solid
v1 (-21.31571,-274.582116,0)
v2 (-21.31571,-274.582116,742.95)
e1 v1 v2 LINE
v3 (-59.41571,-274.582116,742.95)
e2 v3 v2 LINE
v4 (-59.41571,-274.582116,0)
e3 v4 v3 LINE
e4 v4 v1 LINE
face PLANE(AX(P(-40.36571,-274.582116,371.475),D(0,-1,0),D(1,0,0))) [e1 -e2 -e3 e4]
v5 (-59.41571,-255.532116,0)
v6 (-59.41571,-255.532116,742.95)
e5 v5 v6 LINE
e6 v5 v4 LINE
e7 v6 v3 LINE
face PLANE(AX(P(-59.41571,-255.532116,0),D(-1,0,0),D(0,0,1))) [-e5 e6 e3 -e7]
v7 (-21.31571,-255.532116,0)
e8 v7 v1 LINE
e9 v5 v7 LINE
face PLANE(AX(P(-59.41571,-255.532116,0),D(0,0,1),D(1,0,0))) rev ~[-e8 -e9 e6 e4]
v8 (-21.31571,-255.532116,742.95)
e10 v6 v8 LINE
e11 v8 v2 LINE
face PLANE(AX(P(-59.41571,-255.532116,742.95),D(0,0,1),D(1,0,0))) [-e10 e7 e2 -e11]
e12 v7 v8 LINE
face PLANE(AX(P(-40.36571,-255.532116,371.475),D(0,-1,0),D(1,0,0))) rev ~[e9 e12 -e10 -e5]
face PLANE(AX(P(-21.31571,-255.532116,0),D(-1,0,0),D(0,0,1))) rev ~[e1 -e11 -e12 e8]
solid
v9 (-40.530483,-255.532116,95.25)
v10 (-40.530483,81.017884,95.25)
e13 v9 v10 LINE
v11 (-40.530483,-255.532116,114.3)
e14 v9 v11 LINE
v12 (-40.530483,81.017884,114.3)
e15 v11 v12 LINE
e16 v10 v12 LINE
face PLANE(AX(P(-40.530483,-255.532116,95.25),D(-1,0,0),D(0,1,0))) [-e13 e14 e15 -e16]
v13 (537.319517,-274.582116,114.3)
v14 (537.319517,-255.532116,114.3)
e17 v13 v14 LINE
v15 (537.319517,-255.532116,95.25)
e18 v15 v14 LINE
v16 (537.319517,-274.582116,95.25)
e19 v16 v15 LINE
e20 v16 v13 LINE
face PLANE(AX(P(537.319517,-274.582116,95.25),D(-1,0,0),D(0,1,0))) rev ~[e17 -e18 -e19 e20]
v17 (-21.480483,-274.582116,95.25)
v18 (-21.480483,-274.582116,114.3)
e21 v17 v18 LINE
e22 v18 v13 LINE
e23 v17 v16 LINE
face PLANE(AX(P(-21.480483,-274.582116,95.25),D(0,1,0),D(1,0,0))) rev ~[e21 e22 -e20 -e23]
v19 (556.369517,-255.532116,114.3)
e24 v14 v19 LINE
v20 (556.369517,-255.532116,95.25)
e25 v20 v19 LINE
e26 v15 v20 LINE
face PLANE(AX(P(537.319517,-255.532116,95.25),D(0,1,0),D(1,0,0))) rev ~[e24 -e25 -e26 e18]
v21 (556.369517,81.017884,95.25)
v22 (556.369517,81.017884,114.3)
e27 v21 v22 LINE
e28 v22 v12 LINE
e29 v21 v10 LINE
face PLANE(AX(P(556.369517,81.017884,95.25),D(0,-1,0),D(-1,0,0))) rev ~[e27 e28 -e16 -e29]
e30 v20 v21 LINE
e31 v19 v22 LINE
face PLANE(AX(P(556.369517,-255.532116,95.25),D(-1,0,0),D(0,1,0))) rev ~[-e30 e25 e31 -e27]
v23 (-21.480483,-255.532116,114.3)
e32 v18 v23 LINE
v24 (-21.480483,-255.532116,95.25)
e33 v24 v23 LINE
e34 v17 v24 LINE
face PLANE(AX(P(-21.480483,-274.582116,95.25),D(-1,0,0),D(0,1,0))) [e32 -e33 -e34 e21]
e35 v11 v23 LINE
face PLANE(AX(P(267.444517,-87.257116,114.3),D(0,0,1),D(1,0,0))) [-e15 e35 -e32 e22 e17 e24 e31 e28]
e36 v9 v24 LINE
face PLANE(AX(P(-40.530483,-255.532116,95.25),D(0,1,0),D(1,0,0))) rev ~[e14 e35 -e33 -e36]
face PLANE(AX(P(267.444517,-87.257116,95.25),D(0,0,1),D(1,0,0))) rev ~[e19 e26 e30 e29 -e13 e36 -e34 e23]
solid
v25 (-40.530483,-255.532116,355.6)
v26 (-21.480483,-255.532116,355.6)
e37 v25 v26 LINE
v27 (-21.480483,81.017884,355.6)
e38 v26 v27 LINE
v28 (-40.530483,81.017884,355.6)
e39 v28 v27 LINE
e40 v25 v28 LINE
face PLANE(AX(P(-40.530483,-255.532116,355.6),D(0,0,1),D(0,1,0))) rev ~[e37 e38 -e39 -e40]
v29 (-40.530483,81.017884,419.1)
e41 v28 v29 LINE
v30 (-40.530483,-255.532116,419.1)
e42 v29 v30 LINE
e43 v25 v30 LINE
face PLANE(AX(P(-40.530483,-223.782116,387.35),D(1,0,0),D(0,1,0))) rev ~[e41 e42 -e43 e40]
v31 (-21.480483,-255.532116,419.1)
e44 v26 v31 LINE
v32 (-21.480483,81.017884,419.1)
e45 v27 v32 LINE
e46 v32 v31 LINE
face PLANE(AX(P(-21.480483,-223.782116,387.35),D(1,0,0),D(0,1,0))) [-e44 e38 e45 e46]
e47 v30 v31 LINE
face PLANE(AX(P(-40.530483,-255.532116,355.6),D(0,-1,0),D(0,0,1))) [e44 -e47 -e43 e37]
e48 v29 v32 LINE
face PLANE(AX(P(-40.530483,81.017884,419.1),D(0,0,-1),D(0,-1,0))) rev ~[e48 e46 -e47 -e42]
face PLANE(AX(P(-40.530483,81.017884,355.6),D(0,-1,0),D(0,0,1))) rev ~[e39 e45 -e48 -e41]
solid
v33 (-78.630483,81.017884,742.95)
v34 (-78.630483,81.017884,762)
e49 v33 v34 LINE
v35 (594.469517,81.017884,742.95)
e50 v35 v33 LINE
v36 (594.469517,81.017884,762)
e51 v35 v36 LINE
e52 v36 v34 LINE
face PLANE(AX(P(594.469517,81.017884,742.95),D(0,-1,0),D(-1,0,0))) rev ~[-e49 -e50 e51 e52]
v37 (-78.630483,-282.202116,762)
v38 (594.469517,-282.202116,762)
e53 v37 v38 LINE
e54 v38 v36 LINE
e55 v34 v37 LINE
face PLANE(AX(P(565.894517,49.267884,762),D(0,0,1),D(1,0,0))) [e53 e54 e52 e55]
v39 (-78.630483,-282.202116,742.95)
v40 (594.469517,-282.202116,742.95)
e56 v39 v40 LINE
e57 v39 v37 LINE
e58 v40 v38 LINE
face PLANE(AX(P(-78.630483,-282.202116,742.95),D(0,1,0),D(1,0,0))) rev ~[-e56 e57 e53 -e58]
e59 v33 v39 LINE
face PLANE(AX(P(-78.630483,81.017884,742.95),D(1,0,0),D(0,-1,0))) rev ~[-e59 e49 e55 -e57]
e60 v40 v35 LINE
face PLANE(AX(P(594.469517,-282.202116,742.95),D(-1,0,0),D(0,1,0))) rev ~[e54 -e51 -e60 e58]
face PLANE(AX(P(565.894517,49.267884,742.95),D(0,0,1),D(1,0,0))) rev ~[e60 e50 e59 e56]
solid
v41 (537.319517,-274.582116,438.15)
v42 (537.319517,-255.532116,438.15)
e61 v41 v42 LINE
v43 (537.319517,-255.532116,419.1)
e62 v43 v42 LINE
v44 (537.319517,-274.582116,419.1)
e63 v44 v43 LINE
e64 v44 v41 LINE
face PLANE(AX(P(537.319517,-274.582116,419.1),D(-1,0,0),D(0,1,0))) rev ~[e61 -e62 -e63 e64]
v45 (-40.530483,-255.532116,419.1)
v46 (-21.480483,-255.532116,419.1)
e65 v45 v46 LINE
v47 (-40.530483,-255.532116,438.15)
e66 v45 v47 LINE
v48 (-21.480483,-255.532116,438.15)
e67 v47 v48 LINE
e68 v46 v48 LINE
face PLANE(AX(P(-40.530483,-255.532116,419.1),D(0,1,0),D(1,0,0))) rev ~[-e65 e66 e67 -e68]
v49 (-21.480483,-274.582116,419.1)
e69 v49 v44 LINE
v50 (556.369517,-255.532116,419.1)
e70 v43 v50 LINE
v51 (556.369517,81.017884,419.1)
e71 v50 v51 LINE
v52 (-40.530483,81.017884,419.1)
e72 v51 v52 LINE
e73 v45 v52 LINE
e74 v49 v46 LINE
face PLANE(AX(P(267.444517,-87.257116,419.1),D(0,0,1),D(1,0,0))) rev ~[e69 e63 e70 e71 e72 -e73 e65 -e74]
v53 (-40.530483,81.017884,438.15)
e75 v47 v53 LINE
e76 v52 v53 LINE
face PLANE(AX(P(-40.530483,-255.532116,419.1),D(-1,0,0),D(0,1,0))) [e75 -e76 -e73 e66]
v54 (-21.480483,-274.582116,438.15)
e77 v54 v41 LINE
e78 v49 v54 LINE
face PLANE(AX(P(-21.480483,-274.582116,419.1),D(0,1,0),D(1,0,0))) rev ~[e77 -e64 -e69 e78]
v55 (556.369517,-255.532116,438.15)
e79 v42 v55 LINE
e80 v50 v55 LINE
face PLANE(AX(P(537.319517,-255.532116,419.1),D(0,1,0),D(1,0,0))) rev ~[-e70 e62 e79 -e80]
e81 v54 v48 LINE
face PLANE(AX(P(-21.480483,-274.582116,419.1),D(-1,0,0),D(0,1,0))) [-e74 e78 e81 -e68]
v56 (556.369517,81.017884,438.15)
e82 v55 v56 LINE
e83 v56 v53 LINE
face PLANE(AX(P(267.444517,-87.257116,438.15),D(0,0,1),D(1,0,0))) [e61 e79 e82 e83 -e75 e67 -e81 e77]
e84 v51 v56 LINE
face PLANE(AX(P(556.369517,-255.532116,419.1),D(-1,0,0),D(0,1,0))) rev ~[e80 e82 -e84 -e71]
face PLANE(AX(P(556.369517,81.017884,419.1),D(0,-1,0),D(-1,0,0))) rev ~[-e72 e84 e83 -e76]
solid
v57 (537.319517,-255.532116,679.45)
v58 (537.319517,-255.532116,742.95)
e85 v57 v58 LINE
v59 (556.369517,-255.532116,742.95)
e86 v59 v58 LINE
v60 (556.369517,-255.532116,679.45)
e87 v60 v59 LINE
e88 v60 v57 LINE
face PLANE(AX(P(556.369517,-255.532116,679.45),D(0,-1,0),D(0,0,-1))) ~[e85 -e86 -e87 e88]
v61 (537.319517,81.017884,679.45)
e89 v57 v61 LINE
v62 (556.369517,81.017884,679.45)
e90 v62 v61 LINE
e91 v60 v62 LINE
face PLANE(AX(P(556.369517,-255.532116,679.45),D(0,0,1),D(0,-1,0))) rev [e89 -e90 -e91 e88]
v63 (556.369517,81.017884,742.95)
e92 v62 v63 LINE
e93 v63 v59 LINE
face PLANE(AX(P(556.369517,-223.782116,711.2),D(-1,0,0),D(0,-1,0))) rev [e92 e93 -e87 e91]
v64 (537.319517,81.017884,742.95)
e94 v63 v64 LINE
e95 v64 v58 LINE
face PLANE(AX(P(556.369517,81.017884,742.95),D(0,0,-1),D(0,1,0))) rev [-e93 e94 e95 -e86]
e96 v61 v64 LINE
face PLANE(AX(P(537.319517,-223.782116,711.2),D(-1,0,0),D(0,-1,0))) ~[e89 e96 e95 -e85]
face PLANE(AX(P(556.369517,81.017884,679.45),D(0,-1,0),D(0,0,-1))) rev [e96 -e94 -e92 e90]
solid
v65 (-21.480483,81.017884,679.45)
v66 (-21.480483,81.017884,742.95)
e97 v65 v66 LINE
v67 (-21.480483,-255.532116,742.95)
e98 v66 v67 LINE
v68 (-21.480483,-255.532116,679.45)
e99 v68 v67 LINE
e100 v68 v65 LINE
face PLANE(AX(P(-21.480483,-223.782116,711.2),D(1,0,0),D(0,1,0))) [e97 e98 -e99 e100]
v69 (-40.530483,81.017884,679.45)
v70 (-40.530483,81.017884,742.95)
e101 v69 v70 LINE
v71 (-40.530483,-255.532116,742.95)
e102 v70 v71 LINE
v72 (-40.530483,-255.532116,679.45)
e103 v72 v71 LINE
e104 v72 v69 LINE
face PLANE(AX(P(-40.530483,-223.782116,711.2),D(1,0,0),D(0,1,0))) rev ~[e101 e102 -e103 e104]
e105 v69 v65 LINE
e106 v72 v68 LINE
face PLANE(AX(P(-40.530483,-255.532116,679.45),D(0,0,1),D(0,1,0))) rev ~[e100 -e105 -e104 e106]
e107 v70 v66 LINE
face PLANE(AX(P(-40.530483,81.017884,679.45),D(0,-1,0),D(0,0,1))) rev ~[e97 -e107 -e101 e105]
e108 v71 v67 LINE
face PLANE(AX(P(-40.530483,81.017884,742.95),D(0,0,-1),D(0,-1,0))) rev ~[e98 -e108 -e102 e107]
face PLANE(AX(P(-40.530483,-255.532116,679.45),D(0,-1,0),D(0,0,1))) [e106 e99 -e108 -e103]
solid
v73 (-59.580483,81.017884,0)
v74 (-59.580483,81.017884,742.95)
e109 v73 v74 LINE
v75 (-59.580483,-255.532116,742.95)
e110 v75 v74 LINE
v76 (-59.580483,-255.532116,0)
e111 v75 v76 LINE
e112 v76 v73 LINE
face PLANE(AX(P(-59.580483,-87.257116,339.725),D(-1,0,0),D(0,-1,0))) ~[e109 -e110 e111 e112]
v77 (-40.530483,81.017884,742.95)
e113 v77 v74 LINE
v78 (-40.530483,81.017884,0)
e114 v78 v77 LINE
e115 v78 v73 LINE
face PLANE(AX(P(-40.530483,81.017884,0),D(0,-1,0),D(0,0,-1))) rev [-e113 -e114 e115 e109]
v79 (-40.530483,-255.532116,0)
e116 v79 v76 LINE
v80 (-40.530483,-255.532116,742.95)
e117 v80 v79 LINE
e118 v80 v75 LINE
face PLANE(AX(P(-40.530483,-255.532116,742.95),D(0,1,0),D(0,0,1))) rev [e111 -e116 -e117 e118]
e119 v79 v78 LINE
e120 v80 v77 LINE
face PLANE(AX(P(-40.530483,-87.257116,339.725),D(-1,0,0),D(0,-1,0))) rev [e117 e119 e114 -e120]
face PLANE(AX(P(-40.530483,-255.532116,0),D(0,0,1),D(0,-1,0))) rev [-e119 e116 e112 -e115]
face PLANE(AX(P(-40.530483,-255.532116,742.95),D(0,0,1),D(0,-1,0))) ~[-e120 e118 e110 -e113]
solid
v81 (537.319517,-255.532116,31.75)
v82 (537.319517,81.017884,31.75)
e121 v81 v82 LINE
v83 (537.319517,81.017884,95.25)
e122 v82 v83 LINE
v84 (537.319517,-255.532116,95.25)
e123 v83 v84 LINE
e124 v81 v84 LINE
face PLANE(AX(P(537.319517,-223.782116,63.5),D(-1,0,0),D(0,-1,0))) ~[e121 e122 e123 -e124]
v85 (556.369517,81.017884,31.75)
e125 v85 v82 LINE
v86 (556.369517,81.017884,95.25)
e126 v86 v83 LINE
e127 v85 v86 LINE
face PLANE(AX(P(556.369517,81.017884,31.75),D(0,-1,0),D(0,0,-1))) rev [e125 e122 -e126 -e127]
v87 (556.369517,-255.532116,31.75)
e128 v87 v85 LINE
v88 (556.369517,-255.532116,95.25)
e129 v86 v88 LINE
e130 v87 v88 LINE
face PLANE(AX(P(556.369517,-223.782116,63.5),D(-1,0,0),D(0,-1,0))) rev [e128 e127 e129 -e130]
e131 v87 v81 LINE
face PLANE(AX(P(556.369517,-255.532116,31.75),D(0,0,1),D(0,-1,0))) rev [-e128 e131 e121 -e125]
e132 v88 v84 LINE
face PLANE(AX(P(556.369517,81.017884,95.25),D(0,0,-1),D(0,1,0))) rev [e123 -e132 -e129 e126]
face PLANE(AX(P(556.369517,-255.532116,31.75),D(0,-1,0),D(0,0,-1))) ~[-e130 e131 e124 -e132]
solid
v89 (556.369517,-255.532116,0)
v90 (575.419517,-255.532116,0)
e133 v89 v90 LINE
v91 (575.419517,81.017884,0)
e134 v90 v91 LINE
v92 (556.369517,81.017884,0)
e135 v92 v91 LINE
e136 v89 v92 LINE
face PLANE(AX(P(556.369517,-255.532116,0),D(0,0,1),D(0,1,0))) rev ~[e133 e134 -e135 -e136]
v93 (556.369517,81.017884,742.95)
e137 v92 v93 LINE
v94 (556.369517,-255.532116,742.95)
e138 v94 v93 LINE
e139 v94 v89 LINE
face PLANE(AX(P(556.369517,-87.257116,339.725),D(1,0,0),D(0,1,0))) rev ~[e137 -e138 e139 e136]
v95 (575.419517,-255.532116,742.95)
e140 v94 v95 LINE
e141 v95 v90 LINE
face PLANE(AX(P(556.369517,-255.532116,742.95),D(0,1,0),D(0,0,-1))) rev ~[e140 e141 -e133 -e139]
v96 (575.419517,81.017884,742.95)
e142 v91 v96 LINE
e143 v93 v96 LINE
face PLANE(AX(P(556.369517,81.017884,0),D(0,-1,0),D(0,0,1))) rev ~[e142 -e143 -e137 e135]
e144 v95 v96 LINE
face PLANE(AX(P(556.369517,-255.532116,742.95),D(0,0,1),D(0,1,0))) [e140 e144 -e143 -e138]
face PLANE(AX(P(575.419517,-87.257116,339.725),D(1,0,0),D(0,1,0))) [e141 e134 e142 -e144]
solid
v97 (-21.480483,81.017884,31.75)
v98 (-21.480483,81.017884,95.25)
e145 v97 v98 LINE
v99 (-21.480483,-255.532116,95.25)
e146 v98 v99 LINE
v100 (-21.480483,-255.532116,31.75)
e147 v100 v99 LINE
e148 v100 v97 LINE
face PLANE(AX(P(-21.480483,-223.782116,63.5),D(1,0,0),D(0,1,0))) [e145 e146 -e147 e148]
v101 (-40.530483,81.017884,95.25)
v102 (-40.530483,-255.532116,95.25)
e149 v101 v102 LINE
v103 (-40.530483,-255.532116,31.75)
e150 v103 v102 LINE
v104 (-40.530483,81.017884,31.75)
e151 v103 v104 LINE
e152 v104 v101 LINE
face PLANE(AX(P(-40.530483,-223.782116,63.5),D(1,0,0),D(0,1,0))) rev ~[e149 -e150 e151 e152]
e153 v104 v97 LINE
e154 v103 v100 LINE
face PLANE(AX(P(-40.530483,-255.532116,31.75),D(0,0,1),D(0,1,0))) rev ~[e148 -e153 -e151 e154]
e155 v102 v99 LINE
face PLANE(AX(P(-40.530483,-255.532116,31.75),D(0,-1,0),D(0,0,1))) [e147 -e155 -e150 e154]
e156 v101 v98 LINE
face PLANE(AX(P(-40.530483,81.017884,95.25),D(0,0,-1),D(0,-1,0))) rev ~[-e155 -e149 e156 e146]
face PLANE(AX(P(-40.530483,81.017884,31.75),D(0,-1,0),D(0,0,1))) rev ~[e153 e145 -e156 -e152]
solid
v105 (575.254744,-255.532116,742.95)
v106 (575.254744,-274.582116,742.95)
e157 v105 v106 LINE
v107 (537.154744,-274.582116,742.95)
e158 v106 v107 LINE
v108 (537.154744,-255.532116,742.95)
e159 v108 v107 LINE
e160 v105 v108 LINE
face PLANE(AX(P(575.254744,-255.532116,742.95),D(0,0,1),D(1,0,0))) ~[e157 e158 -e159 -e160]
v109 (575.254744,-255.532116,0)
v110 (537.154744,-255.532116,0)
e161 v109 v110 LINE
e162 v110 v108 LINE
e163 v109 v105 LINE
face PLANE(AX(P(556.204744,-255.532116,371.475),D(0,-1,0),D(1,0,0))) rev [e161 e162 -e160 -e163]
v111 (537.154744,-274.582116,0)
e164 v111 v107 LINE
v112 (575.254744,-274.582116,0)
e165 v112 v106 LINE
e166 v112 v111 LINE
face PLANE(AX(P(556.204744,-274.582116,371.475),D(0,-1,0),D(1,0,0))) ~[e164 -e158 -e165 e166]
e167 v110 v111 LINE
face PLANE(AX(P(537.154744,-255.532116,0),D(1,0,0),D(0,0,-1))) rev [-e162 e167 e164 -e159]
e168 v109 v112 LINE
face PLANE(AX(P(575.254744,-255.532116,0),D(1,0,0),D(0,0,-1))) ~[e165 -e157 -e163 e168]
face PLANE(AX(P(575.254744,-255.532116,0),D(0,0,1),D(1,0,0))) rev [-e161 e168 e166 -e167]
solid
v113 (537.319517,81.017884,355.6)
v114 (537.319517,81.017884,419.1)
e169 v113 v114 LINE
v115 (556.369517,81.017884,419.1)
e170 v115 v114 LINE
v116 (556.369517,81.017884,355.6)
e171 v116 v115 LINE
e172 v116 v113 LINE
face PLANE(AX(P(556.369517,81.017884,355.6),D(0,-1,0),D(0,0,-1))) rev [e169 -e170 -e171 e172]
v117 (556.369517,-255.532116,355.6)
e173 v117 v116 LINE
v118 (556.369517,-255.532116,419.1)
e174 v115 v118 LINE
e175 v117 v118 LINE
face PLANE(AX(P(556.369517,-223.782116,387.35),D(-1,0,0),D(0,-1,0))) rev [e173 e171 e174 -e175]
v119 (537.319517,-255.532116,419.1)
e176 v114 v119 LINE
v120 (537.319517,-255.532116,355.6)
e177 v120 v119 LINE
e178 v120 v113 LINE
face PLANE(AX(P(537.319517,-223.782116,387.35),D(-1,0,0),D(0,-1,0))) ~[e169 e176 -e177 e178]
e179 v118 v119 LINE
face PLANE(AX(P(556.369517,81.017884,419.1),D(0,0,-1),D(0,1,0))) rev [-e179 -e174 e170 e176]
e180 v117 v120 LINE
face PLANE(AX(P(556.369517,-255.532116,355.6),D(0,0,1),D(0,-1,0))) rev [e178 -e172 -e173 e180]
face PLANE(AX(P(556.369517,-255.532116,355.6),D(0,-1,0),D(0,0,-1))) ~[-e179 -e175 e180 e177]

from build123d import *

# Parameters (mm, degrees)
F0_W      = 19.05
F0_H      = 63.5
F1_DEPTH  = 742.95
F2_W      = 19.05
F2_H      = 63.5
F2_W_2    = 673.1
F2_H_2    = 179.07
F3_DEPTH  = 19.05
F4_W      = 63.5
F4_H      = 63.5
F4_W_2    = 273.05
F5_DEPTH  = 19.05
F8_W      = 19.05
F8_H      = 336.55
F8_W_2    = 558.8
F8_H_2    = 19.05
F9_DEPTH  = 19.05
F10_W     = 19.05
F10_H     = 336.55
F10_W_2   = 558.8
F10_H_2   = 19.05
F11_DEPTH = 19.05
F16_W     = 336.55
F16_H     = 679.45
F16_H_2   = 63.5
F17_DEPTH = 19.05
F20_W     = 38.1
F20_H     = 742.95
F21_DEPTH = 19.05


with BuildPart() as f1:
    # F0 (on Top) → F1 (new body)
    with BuildSketch(Plane.XY):
        with Locations((-50.0554830029, 49.2678843021)):
            Rectangle(F0_W, F0_H)
    extrude(amount=F1_DEPTH)


with BuildPart() as f1b:
    # F0 (on Top) → F1, piece 2 (new body)
    with BuildSketch(Plane.XY):
        with Locations((-50.0554830029, -223.7821156979)):
            Rectangle(F0_W, F0_H)
    extrude(amount=F1_DEPTH)


with BuildPart() as f1c:
    # F0 (on Top) → F1, piece 3 (new body)
    with BuildSketch(Plane.XY):
        with Locations((565.8945169971, -223.7821156979)):
            Rectangle(F0_W, F0_H)
    extrude(amount=F1_DEPTH)


with BuildPart() as f1d:
    # F0 (on Top) → F1, piece 4 (new body)
    with BuildSketch(Plane.XY):
        with Locations((565.8945169971, 49.2678843021)):
            Rectangle(F0_W, F0_H)
    extrude(amount=F1_DEPTH)


with BuildPart() as f3:
    # F2 (on face) → F3 (new body)
    with BuildSketch(Plane.XY.offset(742.95)):
        with Locations((565.8945169971, 49.2678843021)):
            Rectangle(F2_W, F2_H)
        Polygon((594.4695169971, -103.1321156979), (594.4695169971, 81.0178843021), (575.4195169971, 81.0178843021), (575.4195169971, 17.5178843021), (556.3695169971, 17.5178843021), (556.3695169971, 81.0178843021), (-78.6304830029, 81.0178843021), (-78.6304830029, -103.1321156979), align=None)
        with Locations((257.9195169971, -192.6671156979)):
            Rectangle(F2_W_2, F2_H_2)
    extrude(amount=F3_DEPTH)


with BuildPart() as f5:
    # F4 (on face) → F5 (new body)
    with BuildSketch(Plane.YZ.offset(-40.5304830029)):
        with Locations((-223.7821156979, 711.2)):
            Rectangle(F4_W, F4_H)
        with Locations((-55.5071156979, 711.2)):
            Rectangle(F4_W_2, F4_H)
    extrude(amount=F5_DEPTH)


with BuildPart() as f5b:
    # F4 (on face) → F5, piece 2 (new body)
    with BuildSketch(Plane.YZ.offset(-40.5304830029)):
        with Locations((-223.7821156979, 387.35)):
            Rectangle(F4_W, F4_H)
        with Locations((-55.5071156979, 387.35)):
            Rectangle(F4_W_2, F4_H)
    extrude(amount=F5_DEPTH)


with BuildPart() as f5c:
    # F4 (on face) → F5, piece 3 (new body)
    with BuildSketch(Plane.YZ.offset(-40.5304830029)):
        with Locations((-223.7821156979, 63.5)):
            Rectangle(F4_W, F4_H)
        with Locations((-55.5071156979, 63.5)):
            Rectangle(F4_W_2, F4_H)
    extrude(amount=F5_DEPTH)


with BuildPart() as f7_1:
    # F7: instance of F5c
    add(f5c.part.mirror(Plane(origin=(257.9195169971, 49.2678843021, 371.475), x_dir=(0, -1, 0), z_dir=(-1, 0, 0))))


with BuildPart() as f7_2:
    # F7: instance of F5b
    add(f5b.part.mirror(Plane(origin=(257.9195169971, 49.2678843021, 371.475), x_dir=(0, -1, 0), z_dir=(-1, 0, 0))))


with BuildPart() as f7_3:
    # F7: instance of F5
    add(f5.part.mirror(Plane(origin=(257.9195169971, 49.2678843021, 371.475), x_dir=(0, -1, 0), z_dir=(-1, 0, 0))))


with BuildPart() as f9:
    # F8 (on face) → F9 (new body)
    with BuildSketch(Plane.XY.offset(95.25)):
        Polygon((556.3695169971, 81.0178843021), (-21.4804830029, 81.0178843021), (-21.4804830029, -255.5321156979), (537.3195169971, -255.5321156979), (556.3695169971, -255.5321156979), align=None)
        with Locations((-31.0054830029, -87.2571156979)):
            Rectangle(F8_W, F8_H)
        with Locations((257.9195169971, -265.0571156979)):
            Rectangle(F8_W_2, F8_H_2)
    extrude(amount=F9_DEPTH)


with BuildPart() as f11:
    # F10 (on face) → F11 (new body)
    with BuildSketch(Plane.XY.offset(419.1)):
        Polygon((556.3695169971, 81.0178843021), (-21.4804830029, 81.0178843021), (-21.4804830029, -255.5321156979), (537.3195169971, -255.5321156979), (556.3695169971, -255.5321156979), align=None)
        with Locations((-31.0054830029, -87.2571156979)):
            Rectangle(F10_W, F10_H)
        with Locations((257.9195169971, -265.0571156979)):
            Rectangle(F10_W_2, F10_H_2)
    extrude(amount=F11_DEPTH)


with BuildPart() as f17:
    # F16 (on face) → F17 (new body)
    with BuildSketch(Plane.YZ.offset(556.3695169971)):
        with Locations((-87.2571156979, 339.725)):
            Rectangle(F16_W, F16_H)
        with Locations((-87.2571156979, 711.2)):
            Rectangle(F16_W, F16_H_2)
    extrude(amount=F17_DEPTH)


with BuildPart() as f18_1:
    # F18: instance of F17
    add(f17.part.mirror(Plane(origin=(257.9195169971, 49.2678843021, 371.475), x_dir=(0, -1, 0), z_dir=(-1, 0, 0))))


with BuildPart() as f21:
    # F20 (on face) → F21 (new body)
    with BuildSketch(Plane.XZ.offset(255.5321156979)):
        with Locations((-40.36571032, 371.475)):
            Rectangle(F20_W, F20_H)
    extrude(amount=F21_DEPTH)


with BuildPart() as f22_1:
    # F22: instance of F21
    add(f21.part.mirror(Plane(origin=(257.9195169971, 49.2678843021, 371.475), x_dir=(0, -1, 0), z_dir=(-1, 0, 0))))


solid = Compound([f3.part, f5.part, f5b.part, f5c.part, f7_1.part, f7_2.part, f7_3.part, f9.part, f11.part, f17.part, f18_1.part, f21.part, f22_1.part])
